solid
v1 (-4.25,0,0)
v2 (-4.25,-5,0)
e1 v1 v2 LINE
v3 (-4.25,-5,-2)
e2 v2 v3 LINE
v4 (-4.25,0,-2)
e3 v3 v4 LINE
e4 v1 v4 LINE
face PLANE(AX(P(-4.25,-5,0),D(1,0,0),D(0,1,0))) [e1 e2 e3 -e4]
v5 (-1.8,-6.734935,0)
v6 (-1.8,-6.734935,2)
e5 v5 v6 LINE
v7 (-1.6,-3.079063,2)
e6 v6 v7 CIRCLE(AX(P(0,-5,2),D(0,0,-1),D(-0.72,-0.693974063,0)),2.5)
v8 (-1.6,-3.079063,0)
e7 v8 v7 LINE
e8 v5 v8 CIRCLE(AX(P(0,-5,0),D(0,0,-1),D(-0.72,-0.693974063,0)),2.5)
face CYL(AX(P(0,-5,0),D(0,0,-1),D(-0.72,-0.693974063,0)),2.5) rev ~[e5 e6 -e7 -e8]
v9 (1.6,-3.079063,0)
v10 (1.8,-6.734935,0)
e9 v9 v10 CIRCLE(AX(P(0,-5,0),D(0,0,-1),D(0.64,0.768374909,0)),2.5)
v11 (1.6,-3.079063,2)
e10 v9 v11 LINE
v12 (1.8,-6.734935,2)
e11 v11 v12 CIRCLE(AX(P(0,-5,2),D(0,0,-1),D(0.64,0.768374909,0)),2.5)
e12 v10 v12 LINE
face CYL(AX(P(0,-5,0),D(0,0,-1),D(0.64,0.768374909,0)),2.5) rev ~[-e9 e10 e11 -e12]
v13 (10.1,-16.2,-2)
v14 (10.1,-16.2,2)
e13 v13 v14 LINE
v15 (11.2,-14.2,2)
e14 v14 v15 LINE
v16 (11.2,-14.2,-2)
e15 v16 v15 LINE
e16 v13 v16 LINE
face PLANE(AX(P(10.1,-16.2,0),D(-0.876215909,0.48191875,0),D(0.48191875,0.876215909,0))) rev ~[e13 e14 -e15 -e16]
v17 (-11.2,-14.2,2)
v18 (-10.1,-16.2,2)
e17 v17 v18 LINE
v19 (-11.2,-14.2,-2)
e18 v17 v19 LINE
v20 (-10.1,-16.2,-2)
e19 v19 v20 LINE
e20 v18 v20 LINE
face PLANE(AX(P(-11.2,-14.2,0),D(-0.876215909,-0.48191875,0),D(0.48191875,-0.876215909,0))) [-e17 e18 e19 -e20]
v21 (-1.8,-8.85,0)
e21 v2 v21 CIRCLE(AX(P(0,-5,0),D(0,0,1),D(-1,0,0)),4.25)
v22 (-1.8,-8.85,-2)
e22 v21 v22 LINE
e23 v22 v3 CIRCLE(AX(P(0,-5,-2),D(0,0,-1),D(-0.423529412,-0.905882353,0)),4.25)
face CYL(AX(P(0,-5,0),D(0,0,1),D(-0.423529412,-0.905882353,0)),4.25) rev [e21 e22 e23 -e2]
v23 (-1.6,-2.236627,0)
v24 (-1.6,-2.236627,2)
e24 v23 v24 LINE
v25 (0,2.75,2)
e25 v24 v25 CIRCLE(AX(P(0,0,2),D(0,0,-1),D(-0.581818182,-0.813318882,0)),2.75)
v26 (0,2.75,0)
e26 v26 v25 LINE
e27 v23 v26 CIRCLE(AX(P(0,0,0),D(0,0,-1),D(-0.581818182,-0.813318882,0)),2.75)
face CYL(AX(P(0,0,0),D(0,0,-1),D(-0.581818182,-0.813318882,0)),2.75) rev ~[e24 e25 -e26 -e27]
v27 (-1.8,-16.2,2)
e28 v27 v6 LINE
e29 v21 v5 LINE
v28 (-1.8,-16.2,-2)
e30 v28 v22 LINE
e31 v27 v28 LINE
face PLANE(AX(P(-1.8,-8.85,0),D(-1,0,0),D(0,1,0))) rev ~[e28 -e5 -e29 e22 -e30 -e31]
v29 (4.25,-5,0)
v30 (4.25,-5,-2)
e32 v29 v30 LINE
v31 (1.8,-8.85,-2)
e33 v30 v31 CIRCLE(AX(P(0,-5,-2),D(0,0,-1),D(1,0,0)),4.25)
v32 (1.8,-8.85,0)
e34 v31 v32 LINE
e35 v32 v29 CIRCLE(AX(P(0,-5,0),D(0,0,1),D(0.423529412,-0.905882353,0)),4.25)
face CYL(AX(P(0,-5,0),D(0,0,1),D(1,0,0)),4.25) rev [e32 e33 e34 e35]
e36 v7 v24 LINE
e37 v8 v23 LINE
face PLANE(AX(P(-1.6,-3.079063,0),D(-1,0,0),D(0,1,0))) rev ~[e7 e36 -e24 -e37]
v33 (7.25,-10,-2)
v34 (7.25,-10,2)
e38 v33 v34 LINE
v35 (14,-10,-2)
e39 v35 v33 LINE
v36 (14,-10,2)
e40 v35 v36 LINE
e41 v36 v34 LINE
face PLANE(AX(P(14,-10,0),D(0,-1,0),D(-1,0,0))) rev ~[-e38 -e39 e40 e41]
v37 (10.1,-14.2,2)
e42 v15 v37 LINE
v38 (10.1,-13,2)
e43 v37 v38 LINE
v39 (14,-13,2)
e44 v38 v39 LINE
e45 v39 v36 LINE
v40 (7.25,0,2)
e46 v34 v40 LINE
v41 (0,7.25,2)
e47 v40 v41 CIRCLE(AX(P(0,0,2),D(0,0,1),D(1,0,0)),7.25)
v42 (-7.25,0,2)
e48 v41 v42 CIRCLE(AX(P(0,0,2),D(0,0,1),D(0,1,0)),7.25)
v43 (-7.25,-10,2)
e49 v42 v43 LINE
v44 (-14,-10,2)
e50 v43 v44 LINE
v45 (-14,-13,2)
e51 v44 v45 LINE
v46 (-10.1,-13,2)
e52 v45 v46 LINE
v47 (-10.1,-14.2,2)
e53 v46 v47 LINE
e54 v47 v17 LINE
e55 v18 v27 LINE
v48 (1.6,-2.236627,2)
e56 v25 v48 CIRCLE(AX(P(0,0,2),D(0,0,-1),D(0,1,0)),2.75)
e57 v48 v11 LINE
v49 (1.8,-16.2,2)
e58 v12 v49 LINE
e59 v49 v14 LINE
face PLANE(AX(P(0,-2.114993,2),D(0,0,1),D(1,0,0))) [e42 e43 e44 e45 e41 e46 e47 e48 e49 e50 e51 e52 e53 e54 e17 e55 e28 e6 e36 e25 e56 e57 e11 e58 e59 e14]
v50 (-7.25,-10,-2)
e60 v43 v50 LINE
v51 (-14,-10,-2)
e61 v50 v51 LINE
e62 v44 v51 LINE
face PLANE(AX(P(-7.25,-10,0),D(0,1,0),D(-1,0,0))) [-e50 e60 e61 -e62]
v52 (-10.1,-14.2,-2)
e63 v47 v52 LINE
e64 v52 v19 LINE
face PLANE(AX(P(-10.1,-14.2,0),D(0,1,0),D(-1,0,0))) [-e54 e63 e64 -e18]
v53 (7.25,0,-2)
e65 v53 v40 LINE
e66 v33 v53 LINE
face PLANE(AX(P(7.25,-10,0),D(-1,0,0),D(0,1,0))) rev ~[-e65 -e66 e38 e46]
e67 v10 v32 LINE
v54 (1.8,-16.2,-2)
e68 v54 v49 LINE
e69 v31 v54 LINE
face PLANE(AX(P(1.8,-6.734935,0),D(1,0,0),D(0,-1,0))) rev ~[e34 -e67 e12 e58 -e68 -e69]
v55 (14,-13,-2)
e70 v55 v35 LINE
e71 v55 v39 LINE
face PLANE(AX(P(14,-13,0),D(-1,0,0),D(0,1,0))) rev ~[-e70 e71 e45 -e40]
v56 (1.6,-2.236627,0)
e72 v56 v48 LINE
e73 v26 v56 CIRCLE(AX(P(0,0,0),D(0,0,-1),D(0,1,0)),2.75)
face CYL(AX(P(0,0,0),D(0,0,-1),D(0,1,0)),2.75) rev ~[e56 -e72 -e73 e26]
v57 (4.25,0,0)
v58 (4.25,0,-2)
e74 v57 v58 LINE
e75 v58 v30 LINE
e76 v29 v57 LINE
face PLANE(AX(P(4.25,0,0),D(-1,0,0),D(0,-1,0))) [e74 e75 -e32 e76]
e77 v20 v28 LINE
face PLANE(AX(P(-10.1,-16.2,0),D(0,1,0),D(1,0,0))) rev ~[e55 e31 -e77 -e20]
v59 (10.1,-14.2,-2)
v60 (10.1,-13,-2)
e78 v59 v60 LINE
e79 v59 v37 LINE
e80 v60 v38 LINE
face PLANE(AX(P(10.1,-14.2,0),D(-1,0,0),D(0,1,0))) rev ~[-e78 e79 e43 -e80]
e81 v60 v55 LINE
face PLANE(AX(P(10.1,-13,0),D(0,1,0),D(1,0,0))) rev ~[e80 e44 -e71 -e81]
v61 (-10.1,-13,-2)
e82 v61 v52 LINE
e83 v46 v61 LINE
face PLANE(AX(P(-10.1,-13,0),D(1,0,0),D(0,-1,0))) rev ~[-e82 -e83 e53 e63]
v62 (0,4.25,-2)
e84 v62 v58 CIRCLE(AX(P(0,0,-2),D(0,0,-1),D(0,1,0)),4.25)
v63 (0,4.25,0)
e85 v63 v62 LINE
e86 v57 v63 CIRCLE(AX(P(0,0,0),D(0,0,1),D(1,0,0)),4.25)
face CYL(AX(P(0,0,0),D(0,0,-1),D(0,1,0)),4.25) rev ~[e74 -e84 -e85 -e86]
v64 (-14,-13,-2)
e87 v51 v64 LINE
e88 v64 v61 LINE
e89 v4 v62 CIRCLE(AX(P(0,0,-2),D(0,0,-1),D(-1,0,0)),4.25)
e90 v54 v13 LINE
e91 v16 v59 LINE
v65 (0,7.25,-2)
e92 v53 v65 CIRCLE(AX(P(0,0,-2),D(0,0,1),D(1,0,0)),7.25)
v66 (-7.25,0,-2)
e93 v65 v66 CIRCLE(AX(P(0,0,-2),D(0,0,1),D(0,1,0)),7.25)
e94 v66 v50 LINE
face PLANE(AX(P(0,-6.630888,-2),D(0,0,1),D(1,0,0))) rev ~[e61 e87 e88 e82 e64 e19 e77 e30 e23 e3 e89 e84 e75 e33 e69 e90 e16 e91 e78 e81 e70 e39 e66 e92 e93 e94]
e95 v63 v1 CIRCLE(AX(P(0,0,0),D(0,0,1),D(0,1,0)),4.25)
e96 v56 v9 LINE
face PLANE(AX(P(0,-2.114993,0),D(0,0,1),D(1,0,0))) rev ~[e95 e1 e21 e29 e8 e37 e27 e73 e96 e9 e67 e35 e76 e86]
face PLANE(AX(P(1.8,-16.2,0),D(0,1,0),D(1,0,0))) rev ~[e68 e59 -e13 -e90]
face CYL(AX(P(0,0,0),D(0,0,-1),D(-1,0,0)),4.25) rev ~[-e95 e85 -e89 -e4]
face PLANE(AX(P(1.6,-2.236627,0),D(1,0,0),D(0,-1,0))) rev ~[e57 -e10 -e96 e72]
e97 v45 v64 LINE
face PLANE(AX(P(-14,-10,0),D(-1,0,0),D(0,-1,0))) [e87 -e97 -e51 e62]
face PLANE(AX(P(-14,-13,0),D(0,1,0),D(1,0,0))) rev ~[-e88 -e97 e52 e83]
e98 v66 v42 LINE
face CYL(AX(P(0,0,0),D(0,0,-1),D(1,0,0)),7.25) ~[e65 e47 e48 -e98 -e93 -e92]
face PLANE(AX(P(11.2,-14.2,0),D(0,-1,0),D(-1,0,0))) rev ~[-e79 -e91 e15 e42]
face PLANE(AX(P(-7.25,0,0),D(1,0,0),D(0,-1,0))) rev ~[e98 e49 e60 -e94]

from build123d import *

# Parameters (mm, degrees)
F1_DEPTH = 2
F2_DEPTH = 2


with BuildPart() as f1:
    # F0 (on Top) → F1 (new body, symmetric)
    with BuildSketch(Plane.XY):
        with BuildLine():
            ThreePointArc((4.25, -5), (3.5855613229, -7.2817208418), (1.8, -8.85))
            Line((1.8, -8.85), (1.8, -16.2))
            Line((1.8, -16.2), (10.1, -16.2))
            Line((10.1, -16.2), (11.2, -14.2))
            Line((11.2, -14.2), (10.1, -14.2))
            Line((10.1, -14.2), (10.1, -13))
            Line((10.1, -13), (14, -13))
            Line((14, -13), (14, -10))
            Line((14, -10), (7.25, -10))
            Line((7.25, -10), (7.25, -5))
            Line((7.25, -5), (7.25, -2.5))
            Line((7.25, -2.5), (7.25, 0))
            ThreePointArc((7.25, 0), (5.1265241636, 5.1265241636), (0, 7.25))
            ThreePointArc((0, 7.25), (-5.1265241636, 5.1265241636), (-7.25, 0))
            Line((-7.25, 0), (-7.25, -2.5))
            Line((-7.25, -2.5), (-7.25, -5))
            Line((-7.25, -5), (-7.25, -10))
            Line((-7.25, -10), (-14, -10))
            Line((-14, -10), (-14, -13))
            Line((-14, -13), (-10.1, -13))
            Line((-10.1, -13), (-10.1, -14.2))
            Line((-10.1, -14.2), (-11.2, -14.2))
            Line((-11.2, -14.2), (-10.1, -16.2))
            Line((-10.1, -16.2), (-1.8, -16.2))
            Line((-1.8, -16.2), (-1.8, -8.85))
            ThreePointArc((-1.8, -8.85), (-3.5855613229, -7.2817208418), (-4.25, -5))
            Line((-4.25, -5), (-4.25, -2.5))
            Line((-4.25, -2.5), (-4.25, 0))
            ThreePointArc((-4.25, 0), (-3.00520382, 3.00520382), (0, 4.25))
            ThreePointArc((0, 4.25), (3.00520382, 3.00520382), (4.25, 0))
            Line((4.25, 0), (4.25, -2.5))
            Line((4.25, -2.5), (4.25, -5))
        make_face()
    extrude(amount=F1_DEPTH, both=True)

    # F0 (on Top) → F2 (join)
    with BuildSketch(Plane.XY):
        with BuildLine():
            ThreePointArc((0, 2.75), (2.6185133227, 0.8401713984), (1.6, -2.2366269246))
            Line((1.6, -2.2366269246), (1.6, -3.0790627288))
            ThreePointArc((1.6, -3.0790627288), (2.4962673742, -4.8634379387), (1.8, -6.7349351573))
            Line((1.8, -6.7349351573), (1.8, -8.85))
            ThreePointArc((1.8, -8.85), (3.5855613229, -7.2817208418), (4.25, -5))
            Line((4.25, -5), (4.25, -2.5))
            Line((4.25, -2.5), (4.25, 0))
            ThreePointArc((4.25, 0), (3.00520382, 3.00520382), (0, 4.25))
            ThreePointArc((0, 4.25), (-3.00520382, 3.00520382), (-4.25, 0))
            Line((-4.25, 0), (-4.25, -2.5))
            Line((-4.25, -2.5), (-4.25, -5))
            ThreePointArc((-4.25, -5), (-3.5855613229, -7.2817208418), (-1.8, -8.85))
            Line((-1.8, -8.85), (-1.8, -6.7349351573))
            ThreePointArc((-1.8, -6.7349351573), (-2.4962673742, -4.8634379387), (-1.6, -3.0790627288))
            Line((-1.6, -3.0790627288), (-1.6, -2.2366269246))
            ThreePointArc((-1.6, -2.2366269246), (-2.6185133227, 0.8401713984), (0, 2.75))
        make_face()
    extrude(amount=F2_DEPTH)


solid = f1.part
